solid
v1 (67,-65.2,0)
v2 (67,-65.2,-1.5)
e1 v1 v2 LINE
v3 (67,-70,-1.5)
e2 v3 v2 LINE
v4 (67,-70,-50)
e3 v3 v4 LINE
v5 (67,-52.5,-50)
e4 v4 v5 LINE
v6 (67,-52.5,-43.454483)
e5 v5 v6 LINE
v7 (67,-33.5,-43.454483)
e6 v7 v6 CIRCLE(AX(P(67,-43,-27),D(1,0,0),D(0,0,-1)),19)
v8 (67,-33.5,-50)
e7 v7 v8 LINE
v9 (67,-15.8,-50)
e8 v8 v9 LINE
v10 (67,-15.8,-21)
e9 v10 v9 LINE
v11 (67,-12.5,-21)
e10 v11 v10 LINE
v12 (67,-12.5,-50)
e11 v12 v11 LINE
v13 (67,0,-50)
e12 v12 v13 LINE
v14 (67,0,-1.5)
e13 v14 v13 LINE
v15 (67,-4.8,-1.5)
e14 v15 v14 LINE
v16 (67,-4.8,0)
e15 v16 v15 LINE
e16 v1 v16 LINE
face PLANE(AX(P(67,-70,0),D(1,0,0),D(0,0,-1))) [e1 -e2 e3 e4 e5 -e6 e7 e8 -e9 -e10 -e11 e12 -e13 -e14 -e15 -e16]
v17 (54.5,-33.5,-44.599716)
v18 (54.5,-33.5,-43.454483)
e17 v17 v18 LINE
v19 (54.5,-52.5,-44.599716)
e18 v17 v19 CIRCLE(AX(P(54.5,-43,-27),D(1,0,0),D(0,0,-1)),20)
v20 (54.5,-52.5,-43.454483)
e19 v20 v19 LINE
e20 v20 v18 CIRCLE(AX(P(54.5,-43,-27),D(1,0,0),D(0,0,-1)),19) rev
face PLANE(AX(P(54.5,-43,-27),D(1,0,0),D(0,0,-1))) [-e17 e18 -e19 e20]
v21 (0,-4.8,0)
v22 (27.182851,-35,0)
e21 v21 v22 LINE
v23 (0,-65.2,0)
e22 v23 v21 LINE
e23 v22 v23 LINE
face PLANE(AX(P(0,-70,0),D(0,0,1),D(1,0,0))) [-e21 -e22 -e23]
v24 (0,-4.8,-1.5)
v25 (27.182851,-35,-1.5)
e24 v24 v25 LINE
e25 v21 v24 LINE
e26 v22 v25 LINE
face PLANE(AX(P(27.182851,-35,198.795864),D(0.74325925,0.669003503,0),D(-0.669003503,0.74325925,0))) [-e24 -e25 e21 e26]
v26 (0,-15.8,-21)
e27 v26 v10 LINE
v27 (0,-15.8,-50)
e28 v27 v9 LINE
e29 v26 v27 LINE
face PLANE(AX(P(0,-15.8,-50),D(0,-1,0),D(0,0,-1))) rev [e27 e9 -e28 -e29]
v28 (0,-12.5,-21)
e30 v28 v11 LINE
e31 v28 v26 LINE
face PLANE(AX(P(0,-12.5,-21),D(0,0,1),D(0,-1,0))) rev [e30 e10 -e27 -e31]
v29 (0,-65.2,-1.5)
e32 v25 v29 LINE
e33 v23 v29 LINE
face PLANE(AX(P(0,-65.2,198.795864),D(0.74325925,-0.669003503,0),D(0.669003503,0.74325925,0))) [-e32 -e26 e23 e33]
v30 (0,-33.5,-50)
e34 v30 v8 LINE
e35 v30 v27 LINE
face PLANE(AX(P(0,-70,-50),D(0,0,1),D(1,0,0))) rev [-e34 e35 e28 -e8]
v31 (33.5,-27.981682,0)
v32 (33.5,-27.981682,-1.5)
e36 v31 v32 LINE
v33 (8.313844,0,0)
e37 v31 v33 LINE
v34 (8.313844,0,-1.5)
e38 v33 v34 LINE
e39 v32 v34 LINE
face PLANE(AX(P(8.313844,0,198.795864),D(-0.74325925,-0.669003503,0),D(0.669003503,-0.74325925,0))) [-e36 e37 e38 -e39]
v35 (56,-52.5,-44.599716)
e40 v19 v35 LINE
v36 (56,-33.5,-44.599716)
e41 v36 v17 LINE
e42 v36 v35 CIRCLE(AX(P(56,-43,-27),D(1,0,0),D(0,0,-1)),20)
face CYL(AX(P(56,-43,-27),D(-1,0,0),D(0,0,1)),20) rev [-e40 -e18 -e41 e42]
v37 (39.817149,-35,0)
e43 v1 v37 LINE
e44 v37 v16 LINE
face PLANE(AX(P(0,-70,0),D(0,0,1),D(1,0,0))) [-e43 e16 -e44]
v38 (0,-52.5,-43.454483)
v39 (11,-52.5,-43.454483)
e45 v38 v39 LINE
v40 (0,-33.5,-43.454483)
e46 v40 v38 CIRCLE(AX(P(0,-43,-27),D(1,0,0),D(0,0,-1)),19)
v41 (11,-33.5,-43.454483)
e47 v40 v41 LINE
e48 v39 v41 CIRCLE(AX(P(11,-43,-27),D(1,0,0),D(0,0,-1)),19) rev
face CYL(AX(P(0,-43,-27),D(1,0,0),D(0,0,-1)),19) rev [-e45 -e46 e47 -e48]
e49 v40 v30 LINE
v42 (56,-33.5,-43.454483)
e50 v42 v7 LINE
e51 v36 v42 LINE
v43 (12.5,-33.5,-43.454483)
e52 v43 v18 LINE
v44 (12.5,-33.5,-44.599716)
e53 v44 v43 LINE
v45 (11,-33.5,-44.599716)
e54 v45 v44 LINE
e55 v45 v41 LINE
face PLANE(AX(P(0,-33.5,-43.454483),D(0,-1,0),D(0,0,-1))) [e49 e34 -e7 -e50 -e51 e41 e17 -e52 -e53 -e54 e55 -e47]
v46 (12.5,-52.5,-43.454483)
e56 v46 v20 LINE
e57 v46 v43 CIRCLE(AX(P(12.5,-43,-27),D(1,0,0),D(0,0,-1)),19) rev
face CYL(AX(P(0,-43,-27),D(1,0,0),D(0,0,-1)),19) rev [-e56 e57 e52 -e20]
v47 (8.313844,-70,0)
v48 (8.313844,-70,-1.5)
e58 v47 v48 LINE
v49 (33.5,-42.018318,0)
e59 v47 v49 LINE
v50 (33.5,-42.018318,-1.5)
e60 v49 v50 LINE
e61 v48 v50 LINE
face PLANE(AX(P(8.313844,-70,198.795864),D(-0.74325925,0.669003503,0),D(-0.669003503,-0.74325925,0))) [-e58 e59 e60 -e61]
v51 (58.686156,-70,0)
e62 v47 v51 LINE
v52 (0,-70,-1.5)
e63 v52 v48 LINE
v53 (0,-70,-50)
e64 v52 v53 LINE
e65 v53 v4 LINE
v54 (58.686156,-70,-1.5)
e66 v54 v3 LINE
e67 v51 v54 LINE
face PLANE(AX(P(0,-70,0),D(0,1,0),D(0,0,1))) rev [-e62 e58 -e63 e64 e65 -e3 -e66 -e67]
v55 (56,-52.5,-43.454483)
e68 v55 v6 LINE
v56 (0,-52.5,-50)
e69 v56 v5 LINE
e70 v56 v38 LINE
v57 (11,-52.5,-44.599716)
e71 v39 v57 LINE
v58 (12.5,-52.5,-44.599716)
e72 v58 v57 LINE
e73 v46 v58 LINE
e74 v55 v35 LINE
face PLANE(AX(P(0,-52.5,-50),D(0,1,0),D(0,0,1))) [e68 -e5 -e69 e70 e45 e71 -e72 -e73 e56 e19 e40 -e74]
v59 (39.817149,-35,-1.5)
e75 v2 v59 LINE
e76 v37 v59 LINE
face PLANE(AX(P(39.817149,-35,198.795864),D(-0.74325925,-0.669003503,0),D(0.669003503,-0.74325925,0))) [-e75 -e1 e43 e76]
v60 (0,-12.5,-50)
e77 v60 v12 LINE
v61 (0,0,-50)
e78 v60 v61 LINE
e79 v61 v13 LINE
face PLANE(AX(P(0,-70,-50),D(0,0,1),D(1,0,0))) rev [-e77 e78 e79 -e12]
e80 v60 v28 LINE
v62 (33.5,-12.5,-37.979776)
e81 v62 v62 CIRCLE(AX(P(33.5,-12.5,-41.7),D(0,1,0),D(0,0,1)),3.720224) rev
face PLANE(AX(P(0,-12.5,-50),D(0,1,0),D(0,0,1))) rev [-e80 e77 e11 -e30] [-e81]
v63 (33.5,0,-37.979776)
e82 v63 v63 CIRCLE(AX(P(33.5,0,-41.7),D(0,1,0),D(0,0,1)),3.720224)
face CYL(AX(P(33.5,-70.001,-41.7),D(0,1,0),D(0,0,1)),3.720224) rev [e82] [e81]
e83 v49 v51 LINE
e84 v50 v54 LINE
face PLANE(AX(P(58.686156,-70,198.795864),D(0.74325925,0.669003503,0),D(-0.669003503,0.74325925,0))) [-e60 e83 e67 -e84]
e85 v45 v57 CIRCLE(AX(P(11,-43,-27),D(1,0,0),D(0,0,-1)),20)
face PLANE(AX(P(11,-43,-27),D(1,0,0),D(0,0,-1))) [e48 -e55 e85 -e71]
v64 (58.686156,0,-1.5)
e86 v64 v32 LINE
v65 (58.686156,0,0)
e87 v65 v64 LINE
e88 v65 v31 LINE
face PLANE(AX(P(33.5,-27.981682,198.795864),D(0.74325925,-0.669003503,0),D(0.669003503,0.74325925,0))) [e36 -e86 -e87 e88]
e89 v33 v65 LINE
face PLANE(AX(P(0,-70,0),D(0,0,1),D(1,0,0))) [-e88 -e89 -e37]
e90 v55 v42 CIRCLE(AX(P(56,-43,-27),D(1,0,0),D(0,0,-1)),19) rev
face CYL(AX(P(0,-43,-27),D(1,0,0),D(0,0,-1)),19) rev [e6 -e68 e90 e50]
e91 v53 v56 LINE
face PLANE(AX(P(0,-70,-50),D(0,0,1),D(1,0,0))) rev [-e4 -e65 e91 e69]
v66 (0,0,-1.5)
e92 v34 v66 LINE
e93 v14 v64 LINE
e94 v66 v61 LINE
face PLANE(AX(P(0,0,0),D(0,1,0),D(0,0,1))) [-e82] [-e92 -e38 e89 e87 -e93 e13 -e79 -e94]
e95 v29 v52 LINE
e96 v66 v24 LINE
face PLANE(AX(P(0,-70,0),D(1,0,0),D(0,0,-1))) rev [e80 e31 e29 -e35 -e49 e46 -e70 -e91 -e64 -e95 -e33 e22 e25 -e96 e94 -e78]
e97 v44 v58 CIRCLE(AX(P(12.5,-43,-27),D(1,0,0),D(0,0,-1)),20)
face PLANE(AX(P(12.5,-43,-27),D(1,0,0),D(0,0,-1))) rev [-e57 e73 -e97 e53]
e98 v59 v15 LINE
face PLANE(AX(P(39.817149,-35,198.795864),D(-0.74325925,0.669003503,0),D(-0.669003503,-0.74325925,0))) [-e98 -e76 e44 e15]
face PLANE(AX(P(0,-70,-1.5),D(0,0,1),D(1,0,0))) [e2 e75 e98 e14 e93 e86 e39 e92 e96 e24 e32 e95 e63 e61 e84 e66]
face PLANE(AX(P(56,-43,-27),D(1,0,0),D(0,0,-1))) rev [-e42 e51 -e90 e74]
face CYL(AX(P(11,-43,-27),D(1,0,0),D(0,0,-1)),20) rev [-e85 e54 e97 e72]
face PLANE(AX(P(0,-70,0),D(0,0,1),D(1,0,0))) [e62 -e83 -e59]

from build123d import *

# Parameters (mm, degrees)
SKETCH3_W               = 67
SKETCH3_H               = 50
BOSS_EXTRUDE1_DEPTH     = 70
CUT_EXTRUDE1_DEPTH      = 110.036691072
CUT_EXTRUDE1_DEPTH_BACK = 1.5
CUT_EXTRUDE3_DEPTH      = 110.036691072
SKETCH8_W               = 29
SKETCH8_H               = 3.3
CUT_EXTRUDE4_DEPTH      = 110.036691072
CUT_EXTRUDE5_REACH      = 111.037
SKETCH4_R               = 3.720223744
SKETCH9_R               = 20
CUT_EXTRUDE6_DEPTH      = 1.5
CUT_EXTRUDE7_START      = -1.5
SKETCH10_R              = 20
CUT_EXTRUDE7_DEPTH      = 1.5


with BuildPart() as part:
    # Sketch3 → Boss-Extrude1 (new body)
    with BuildSketch(Plane(origin=(0, 0, 0), x_dir=(1, 0, 0), z_dir=(0, 1, 0))):
        with Locations((33.5, 25)):
            Rectangle(SKETCH3_W, SKETCH3_H)
    extrude(amount=-BOSS_EXTRUDE1_DEPTH)

    # Sketch5 → Cut-Extrude1 (cut, two sides: drawn at the far end of the back side and taken through both)
    with BuildSketch(Plane.XY.offset(-CUT_EXTRUDE1_DEPTH_BACK)):
        Polygon((27.182851456, -35), (0, -65.2), (0, -70), (8.313843876, -70), (33.5, -42.018317645), (58.686156124, -70), (67, -70), (67, -65.2), (39.817148544, -35), (67, -4.8), (67, 0), (58.686156124, 0), (33.5, -27.981682355), (8.313843876, 0), (0, 0), (0, -4.8), align=None)
    extrude(amount=CUT_EXTRUDE1_DEPTH + CUT_EXTRUDE1_DEPTH_BACK, mode=Mode.SUBTRACT)

    # Sketch6 → Cut-Extrude3 (cut, through all)
    with BuildSketch(Plane(origin=(67, 0, 0), x_dir=(0, 0, -1), z_dir=(1, 0, 0))):
        with BuildLine():
            Line((43.454482672, -33.5), (50, -33.5))
            Line((50, -33.5), (50, -52.5))
            Line((50, -52.5), (43.454482672, -52.5))
            ThreePointArc((43.454482672, -52.5), (8, -43), (43.454482672, -33.5))
        make_face()
    extrude(amount=-CUT_EXTRUDE3_DEPTH, mode=Mode.SUBTRACT)

    # Sketch8 → Cut-Extrude4 (cut, through all)
    with BuildSketch(Plane(origin=(67, 0, 0), x_dir=(0, 0, -1), z_dir=(1, 0, 0))):
        with Locations((35.5, -14.15)):
            Rectangle(SKETCH8_W, SKETCH8_H)
    extrude(amount=-CUT_EXTRUDE4_DEPTH, mode=Mode.SUBTRACT)

    # Sketch4 → Cut-Extrude5 (cut, up to next)
    with BuildSketch(Plane(origin=(0, 0, 0), x_dir=(1, 0, 0), z_dir=(0, 1, 0)), mode=Mode.PRIVATE) as cut_extrude5_sk1:
        with Locations(Location((33.5, 41.7, 0), (0, 0, 270))):
            Circle(SKETCH4_R)
    cut_extrude5_tool1 = extrude(cut_extrude5_sk1.sketch, amount=-CUT_EXTRUDE5_REACH, mode=Mode.PRIVATE) & part.part
    add(cut_extrude5_tool1.solids().sort_by_distance((33.5, 0, -41.7))[0], mode=Mode.SUBTRACT)

    # Sketch9 → Cut-Extrude6 (cut)
    with BuildSketch(Plane(origin=(54.5, 0, 0), x_dir=(0, 0, -1), z_dir=(1, 0, 0))):
        with Locations((27, -43)):
            Circle(SKETCH9_R)
    extrude(amount=CUT_EXTRUDE6_DEPTH, mode=Mode.SUBTRACT)

    # Sketch10 → Cut-Extrude7 (cut)
    with BuildSketch(Plane(origin=(12.5, 0, 0), x_dir=(0, 0, -1), z_dir=(1, 0, 0)).offset(CUT_EXTRUDE7_START)):
        with Locations((27, -43)):
            Circle(SKETCH10_R)
    extrude(amount=CUT_EXTRUDE7_DEPTH, mode=Mode.SUBTRACT)


solid = part.part
